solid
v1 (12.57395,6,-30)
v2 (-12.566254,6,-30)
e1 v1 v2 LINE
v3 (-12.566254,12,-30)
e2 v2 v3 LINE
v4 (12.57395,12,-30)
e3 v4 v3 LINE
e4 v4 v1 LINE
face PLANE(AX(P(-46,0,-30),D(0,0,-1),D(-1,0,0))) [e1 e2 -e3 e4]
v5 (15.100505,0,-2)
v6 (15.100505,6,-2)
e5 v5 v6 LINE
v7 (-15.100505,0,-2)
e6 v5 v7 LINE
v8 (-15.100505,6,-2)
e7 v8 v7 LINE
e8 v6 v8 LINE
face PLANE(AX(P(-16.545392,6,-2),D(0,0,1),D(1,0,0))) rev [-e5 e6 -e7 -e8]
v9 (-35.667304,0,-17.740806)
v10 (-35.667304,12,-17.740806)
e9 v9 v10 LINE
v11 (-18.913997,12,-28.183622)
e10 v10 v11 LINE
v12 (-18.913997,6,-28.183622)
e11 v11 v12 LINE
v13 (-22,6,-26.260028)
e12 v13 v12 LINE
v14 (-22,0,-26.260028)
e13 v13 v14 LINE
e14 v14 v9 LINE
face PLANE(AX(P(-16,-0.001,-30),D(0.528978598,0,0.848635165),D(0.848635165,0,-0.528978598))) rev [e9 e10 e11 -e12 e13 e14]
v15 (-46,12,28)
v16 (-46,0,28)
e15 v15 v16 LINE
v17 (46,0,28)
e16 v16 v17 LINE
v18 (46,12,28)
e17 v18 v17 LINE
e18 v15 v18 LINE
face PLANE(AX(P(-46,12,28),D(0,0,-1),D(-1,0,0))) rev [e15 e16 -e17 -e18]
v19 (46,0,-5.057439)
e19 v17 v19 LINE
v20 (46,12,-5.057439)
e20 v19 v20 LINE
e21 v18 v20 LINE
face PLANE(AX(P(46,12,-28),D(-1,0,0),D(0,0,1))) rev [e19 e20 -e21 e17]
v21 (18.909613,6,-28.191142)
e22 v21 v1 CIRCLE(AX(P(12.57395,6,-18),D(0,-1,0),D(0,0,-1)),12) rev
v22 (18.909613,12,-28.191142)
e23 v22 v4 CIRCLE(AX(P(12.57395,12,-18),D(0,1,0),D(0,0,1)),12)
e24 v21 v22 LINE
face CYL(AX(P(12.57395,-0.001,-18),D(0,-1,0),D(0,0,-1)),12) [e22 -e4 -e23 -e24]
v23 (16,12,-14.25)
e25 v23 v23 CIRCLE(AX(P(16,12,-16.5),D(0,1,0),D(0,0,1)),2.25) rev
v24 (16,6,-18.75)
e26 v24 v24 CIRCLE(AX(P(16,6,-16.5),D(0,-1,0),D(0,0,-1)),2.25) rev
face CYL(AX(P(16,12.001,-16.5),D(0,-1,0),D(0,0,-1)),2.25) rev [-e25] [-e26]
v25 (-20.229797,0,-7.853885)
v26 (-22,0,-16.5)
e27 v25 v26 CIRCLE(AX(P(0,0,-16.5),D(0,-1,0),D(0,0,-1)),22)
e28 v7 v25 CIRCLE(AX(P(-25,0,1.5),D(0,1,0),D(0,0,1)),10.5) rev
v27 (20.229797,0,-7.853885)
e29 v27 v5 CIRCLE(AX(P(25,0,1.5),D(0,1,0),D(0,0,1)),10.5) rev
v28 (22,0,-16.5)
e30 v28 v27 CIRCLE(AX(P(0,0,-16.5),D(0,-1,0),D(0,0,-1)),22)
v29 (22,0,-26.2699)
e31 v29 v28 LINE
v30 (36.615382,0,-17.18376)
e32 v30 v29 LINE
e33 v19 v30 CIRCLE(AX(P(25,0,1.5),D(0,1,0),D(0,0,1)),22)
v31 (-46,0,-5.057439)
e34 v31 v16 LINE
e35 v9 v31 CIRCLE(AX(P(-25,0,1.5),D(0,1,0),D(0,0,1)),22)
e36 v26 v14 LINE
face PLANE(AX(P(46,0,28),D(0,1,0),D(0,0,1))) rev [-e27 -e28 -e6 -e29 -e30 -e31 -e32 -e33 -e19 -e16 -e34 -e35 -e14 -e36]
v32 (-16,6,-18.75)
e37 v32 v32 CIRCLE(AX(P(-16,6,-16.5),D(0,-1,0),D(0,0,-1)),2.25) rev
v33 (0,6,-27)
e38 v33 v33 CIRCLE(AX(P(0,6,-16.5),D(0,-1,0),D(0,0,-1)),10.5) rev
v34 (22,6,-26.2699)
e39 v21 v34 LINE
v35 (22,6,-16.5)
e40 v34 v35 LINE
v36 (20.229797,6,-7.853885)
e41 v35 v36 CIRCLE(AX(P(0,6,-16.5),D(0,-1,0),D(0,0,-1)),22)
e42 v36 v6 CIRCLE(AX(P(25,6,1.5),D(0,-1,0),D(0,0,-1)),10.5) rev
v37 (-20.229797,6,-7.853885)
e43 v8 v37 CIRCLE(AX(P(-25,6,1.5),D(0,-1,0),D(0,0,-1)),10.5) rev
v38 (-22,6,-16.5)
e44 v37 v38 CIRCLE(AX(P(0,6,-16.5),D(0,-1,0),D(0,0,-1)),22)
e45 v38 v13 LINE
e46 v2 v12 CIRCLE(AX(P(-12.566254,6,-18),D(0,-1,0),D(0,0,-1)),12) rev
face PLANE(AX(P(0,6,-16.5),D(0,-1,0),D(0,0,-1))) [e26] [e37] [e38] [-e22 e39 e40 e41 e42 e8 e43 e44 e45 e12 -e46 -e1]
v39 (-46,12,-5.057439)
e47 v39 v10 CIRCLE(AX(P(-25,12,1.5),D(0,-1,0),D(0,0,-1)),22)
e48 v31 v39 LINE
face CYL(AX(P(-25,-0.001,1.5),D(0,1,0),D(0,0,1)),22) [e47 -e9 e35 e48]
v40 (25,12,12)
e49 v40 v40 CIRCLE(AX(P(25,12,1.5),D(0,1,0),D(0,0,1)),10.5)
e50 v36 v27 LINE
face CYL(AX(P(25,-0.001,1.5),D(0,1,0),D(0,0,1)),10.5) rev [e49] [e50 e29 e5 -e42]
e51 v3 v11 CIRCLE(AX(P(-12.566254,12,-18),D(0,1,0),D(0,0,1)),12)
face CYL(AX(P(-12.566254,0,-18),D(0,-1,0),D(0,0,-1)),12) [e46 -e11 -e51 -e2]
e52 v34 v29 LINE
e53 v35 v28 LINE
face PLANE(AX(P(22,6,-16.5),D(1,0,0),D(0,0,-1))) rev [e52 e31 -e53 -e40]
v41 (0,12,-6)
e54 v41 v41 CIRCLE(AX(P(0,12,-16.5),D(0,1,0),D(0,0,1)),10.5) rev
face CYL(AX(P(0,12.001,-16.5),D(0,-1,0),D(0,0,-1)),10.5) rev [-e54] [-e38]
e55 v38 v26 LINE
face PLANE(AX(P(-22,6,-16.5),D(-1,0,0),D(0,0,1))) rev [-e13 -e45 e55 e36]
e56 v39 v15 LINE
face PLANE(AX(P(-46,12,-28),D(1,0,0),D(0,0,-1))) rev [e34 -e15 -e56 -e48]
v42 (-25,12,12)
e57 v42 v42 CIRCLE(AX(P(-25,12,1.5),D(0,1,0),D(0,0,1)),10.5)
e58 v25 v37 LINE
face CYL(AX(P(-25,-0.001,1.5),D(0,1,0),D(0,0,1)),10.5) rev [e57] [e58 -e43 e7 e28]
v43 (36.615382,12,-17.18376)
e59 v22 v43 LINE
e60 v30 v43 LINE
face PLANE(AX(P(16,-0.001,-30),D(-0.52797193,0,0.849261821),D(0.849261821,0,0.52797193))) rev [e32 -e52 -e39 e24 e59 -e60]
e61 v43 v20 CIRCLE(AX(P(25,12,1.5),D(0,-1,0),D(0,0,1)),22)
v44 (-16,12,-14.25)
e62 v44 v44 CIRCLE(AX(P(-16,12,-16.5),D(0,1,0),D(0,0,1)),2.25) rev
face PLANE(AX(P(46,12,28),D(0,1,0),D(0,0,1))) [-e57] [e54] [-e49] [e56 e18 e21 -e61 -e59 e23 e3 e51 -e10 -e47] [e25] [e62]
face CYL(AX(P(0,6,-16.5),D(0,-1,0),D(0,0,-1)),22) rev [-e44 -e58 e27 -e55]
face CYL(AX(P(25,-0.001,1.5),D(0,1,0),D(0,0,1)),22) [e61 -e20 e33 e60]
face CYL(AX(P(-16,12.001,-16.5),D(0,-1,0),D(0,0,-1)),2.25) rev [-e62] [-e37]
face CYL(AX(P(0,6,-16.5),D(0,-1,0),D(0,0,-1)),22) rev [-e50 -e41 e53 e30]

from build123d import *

# Parameters (mm, degrees)
SKETCH1_W           = 92
SKETCH1_H           = 56
BOSS_EXTRUDE1_DEPTH = 12
SKETCH8_W           = 92
SKETCH8_H           = 2
BOSS_EXTRUDE3_DEPTH = 12
CUT_EXTRUDE1_REACH  = 58.214
SKETCH2_R           = 10.5
CUT_EXTRUDE5_REACH  = 58.214
FILLET2_R           = 12
CUT_EXTRUDE6_DEPTH  = 6
CUT_EXTRUDE7_REACH  = 58.214
SKETCH12_R          = 2.25
SKETCH12_R_2        = 10.5


with BuildPart() as part:
    # Sketch1 → Boss-Extrude1 (new body)
    with BuildSketch(Plane(origin=(0, 0, 0), x_dir=(1, 0, 0), z_dir=(0, 1, 0))):
        Rectangle(SKETCH1_W, SKETCH1_H)
    extrude(amount=BOSS_EXTRUDE1_DEPTH)

    # Sketch8 → Boss-Extrude3 (add)
    with BuildSketch(Plane(origin=(0, 12, 0), x_dir=(1, 0, 0), z_dir=(0, 1, 0))):
        with Locations((0, 29)):
            Rectangle(SKETCH8_W, SKETCH8_H)
    extrude(amount=-BOSS_EXTRUDE3_DEPTH)

    # Sketch2 → Cut-Extrude1 (cut, up to next)
    with BuildSketch(Plane(origin=(0, 12, 0), x_dir=(1, 0, 0), z_dir=(0, 1, 0)), mode=Mode.PRIVATE) as cut_extrude1_sk1:
        with Locations(Location((-25, -1.5, 0), (0, 0, 270))):
            Circle(SKETCH2_R)
    cut_extrude1_tool1 = extrude(cut_extrude1_sk1.sketch, amount=-CUT_EXTRUDE1_REACH, mode=Mode.PRIVATE) & part.part
    # Sketch2 → Cut-Extrude1 (cut, up to next)
    with BuildSketch(Plane(origin=(0, 12, 0), x_dir=(1, 0, 0), z_dir=(0, 1, 0)), mode=Mode.PRIVATE) as cut_extrude1_sk2:
        with Locations(Location((25, -1.5, 0), (0, 0, 270))):
            Circle(SKETCH2_R)
    cut_extrude1_tool2 = extrude(cut_extrude1_sk2.sketch, amount=-CUT_EXTRUDE1_REACH, mode=Mode.PRIVATE) & part.part
    add(cut_extrude1_tool1.solids().sort_by_distance((-25, 12, 1.5))[0], mode=Mode.SUBTRACT)
    add(cut_extrude1_tool2.solids().sort_by_distance((25, 12, 1.5))[0], mode=Mode.SUBTRACT)

    # Sketch10 → Cut-Extrude5 (cut, up to next)
    with BuildSketch(Plane(origin=(0, 12, 0), x_dir=(1, 0, 0), z_dir=(0, 1, 0)), mode=Mode.PRIVATE) as cut_extrude5_sk1:
        with BuildLine():
            Line((-46, 5.057438524), (-46, 30))
            Line((-46, 30), (-16, 30))
            Line((-16, 30), (-35.667304108, 17.740806196))
            ThreePointArc((-35.667304108, 17.740806196), (-42.056420822, 12.395269294), (-46, 5.057438524))
        make_face()
    cut_extrude5_tool1 = extrude(cut_extrude5_sk1.sketch, amount=-CUT_EXTRUDE5_REACH, mode=Mode.PRIVATE) & part.part
    # Sketch10 → Cut-Extrude5 (cut, up to next)
    with BuildSketch(Plane(origin=(0, 12, 0), x_dir=(1, 0, 0), z_dir=(0, 1, 0)), mode=Mode.PRIVATE) as cut_extrude5_sk2:
        with BuildLine():
            Line((46, 5.057438524), (46, 30))
            Line((46, 30), (16, 30))
            Line((16, 30), (36.615382461, 17.183760068))
            ThreePointArc((36.615382461, 17.183760068), (42.39835371, 11.964668142), (46, 5.057438524))
        make_face()
    cut_extrude5_tool2 = extrude(cut_extrude5_sk2.sketch, amount=-CUT_EXTRUDE5_REACH, mode=Mode.PRIVATE) & part.part
    add(cut_extrude5_tool1.solids().sort_by_distance((-36.403407, 12, -23.114901))[0], mode=Mode.SUBTRACT)
    add(cut_extrude5_tool2.solids().sort_by_distance((36.411287, 12, -23.11647))[0], mode=Mode.SUBTRACT)

    # Fillet2
    fillet2_edges = [part.edges().sort_by_distance(p)[0] for p in [
        (-16, 6, -30),
        (16, 6, -30),
    ]]
    fillet(fillet2_edges, radius=FILLET2_R)

    # Sketch11 → Cut-Extrude6 (cut)
    with BuildSketch(Plane.XZ):
        with BuildLine():
            Line((22, -16.5), (22, -26.269899929))
            Line((22, -26.269899929), (16.545392108, -31))
            Line((16.545392108, -31), (-16.545392108, -31))
            Line((-16.545392108, -31), (-22, -26.260028196))
            Line((-22, -26.260028196), (-22, -16.5))
            ThreePointArc((-22, -16.5), (-20.591243605, -8.753988974), (-16.545392108, -2))
            Line((-16.545392108, -2), (16.545392108, -2))
            ThreePointArc((16.545392108, -2), (20.591243605, -8.753988974), (22, -16.5))
        make_face()
    extrude(amount=-CUT_EXTRUDE6_DEPTH, mode=Mode.SUBTRACT)

    # Sketch12 → Cut-Extrude7 (cut, up to next)
    with BuildSketch(Plane.XZ, mode=Mode.PRIVATE) as cut_extrude7_sk1:
        with Locations(Location((16, -16.5, 0), (0, 0, 270))):
            Circle(SKETCH12_R)
    cut_extrude7_tool1 = extrude(cut_extrude7_sk1.sketch, amount=-CUT_EXTRUDE7_REACH, mode=Mode.PRIVATE) & part.part
    # Sketch12 → Cut-Extrude7 (cut, up to next)
    with BuildSketch(Plane.XZ, mode=Mode.PRIVATE) as cut_extrude7_sk2:
        with Locations(Location((-16, -16.5, 0), (0, 0, 270))):
            Circle(SKETCH12_R)
    cut_extrude7_tool2 = extrude(cut_extrude7_sk2.sketch, amount=-CUT_EXTRUDE7_REACH, mode=Mode.PRIVATE) & part.part
    # Sketch12 → Cut-Extrude7 (cut, up to next)
    with BuildSketch(Plane.XZ, mode=Mode.PRIVATE) as cut_extrude7_sk3:
        with Locations(Location((0, -16.5, 0), (0, 0, 270))):
            Circle(SKETCH12_R_2)
    cut_extrude7_tool3 = extrude(cut_extrude7_sk3.sketch, amount=-CUT_EXTRUDE7_REACH, mode=Mode.PRIVATE) & part.part
    add(cut_extrude7_tool1.solids().sort_by_distance((16, 0, -16.5))[0], mode=Mode.SUBTRACT)
    add(cut_extrude7_tool2.solids().sort_by_distance((-16, 0, -16.5))[0], mode=Mode.SUBTRACT)
    add(cut_extrude7_tool3.solids().sort_by_distance((0, 0, -16.5))[0], mode=Mode.SUBTRACT)


solid = part.part
